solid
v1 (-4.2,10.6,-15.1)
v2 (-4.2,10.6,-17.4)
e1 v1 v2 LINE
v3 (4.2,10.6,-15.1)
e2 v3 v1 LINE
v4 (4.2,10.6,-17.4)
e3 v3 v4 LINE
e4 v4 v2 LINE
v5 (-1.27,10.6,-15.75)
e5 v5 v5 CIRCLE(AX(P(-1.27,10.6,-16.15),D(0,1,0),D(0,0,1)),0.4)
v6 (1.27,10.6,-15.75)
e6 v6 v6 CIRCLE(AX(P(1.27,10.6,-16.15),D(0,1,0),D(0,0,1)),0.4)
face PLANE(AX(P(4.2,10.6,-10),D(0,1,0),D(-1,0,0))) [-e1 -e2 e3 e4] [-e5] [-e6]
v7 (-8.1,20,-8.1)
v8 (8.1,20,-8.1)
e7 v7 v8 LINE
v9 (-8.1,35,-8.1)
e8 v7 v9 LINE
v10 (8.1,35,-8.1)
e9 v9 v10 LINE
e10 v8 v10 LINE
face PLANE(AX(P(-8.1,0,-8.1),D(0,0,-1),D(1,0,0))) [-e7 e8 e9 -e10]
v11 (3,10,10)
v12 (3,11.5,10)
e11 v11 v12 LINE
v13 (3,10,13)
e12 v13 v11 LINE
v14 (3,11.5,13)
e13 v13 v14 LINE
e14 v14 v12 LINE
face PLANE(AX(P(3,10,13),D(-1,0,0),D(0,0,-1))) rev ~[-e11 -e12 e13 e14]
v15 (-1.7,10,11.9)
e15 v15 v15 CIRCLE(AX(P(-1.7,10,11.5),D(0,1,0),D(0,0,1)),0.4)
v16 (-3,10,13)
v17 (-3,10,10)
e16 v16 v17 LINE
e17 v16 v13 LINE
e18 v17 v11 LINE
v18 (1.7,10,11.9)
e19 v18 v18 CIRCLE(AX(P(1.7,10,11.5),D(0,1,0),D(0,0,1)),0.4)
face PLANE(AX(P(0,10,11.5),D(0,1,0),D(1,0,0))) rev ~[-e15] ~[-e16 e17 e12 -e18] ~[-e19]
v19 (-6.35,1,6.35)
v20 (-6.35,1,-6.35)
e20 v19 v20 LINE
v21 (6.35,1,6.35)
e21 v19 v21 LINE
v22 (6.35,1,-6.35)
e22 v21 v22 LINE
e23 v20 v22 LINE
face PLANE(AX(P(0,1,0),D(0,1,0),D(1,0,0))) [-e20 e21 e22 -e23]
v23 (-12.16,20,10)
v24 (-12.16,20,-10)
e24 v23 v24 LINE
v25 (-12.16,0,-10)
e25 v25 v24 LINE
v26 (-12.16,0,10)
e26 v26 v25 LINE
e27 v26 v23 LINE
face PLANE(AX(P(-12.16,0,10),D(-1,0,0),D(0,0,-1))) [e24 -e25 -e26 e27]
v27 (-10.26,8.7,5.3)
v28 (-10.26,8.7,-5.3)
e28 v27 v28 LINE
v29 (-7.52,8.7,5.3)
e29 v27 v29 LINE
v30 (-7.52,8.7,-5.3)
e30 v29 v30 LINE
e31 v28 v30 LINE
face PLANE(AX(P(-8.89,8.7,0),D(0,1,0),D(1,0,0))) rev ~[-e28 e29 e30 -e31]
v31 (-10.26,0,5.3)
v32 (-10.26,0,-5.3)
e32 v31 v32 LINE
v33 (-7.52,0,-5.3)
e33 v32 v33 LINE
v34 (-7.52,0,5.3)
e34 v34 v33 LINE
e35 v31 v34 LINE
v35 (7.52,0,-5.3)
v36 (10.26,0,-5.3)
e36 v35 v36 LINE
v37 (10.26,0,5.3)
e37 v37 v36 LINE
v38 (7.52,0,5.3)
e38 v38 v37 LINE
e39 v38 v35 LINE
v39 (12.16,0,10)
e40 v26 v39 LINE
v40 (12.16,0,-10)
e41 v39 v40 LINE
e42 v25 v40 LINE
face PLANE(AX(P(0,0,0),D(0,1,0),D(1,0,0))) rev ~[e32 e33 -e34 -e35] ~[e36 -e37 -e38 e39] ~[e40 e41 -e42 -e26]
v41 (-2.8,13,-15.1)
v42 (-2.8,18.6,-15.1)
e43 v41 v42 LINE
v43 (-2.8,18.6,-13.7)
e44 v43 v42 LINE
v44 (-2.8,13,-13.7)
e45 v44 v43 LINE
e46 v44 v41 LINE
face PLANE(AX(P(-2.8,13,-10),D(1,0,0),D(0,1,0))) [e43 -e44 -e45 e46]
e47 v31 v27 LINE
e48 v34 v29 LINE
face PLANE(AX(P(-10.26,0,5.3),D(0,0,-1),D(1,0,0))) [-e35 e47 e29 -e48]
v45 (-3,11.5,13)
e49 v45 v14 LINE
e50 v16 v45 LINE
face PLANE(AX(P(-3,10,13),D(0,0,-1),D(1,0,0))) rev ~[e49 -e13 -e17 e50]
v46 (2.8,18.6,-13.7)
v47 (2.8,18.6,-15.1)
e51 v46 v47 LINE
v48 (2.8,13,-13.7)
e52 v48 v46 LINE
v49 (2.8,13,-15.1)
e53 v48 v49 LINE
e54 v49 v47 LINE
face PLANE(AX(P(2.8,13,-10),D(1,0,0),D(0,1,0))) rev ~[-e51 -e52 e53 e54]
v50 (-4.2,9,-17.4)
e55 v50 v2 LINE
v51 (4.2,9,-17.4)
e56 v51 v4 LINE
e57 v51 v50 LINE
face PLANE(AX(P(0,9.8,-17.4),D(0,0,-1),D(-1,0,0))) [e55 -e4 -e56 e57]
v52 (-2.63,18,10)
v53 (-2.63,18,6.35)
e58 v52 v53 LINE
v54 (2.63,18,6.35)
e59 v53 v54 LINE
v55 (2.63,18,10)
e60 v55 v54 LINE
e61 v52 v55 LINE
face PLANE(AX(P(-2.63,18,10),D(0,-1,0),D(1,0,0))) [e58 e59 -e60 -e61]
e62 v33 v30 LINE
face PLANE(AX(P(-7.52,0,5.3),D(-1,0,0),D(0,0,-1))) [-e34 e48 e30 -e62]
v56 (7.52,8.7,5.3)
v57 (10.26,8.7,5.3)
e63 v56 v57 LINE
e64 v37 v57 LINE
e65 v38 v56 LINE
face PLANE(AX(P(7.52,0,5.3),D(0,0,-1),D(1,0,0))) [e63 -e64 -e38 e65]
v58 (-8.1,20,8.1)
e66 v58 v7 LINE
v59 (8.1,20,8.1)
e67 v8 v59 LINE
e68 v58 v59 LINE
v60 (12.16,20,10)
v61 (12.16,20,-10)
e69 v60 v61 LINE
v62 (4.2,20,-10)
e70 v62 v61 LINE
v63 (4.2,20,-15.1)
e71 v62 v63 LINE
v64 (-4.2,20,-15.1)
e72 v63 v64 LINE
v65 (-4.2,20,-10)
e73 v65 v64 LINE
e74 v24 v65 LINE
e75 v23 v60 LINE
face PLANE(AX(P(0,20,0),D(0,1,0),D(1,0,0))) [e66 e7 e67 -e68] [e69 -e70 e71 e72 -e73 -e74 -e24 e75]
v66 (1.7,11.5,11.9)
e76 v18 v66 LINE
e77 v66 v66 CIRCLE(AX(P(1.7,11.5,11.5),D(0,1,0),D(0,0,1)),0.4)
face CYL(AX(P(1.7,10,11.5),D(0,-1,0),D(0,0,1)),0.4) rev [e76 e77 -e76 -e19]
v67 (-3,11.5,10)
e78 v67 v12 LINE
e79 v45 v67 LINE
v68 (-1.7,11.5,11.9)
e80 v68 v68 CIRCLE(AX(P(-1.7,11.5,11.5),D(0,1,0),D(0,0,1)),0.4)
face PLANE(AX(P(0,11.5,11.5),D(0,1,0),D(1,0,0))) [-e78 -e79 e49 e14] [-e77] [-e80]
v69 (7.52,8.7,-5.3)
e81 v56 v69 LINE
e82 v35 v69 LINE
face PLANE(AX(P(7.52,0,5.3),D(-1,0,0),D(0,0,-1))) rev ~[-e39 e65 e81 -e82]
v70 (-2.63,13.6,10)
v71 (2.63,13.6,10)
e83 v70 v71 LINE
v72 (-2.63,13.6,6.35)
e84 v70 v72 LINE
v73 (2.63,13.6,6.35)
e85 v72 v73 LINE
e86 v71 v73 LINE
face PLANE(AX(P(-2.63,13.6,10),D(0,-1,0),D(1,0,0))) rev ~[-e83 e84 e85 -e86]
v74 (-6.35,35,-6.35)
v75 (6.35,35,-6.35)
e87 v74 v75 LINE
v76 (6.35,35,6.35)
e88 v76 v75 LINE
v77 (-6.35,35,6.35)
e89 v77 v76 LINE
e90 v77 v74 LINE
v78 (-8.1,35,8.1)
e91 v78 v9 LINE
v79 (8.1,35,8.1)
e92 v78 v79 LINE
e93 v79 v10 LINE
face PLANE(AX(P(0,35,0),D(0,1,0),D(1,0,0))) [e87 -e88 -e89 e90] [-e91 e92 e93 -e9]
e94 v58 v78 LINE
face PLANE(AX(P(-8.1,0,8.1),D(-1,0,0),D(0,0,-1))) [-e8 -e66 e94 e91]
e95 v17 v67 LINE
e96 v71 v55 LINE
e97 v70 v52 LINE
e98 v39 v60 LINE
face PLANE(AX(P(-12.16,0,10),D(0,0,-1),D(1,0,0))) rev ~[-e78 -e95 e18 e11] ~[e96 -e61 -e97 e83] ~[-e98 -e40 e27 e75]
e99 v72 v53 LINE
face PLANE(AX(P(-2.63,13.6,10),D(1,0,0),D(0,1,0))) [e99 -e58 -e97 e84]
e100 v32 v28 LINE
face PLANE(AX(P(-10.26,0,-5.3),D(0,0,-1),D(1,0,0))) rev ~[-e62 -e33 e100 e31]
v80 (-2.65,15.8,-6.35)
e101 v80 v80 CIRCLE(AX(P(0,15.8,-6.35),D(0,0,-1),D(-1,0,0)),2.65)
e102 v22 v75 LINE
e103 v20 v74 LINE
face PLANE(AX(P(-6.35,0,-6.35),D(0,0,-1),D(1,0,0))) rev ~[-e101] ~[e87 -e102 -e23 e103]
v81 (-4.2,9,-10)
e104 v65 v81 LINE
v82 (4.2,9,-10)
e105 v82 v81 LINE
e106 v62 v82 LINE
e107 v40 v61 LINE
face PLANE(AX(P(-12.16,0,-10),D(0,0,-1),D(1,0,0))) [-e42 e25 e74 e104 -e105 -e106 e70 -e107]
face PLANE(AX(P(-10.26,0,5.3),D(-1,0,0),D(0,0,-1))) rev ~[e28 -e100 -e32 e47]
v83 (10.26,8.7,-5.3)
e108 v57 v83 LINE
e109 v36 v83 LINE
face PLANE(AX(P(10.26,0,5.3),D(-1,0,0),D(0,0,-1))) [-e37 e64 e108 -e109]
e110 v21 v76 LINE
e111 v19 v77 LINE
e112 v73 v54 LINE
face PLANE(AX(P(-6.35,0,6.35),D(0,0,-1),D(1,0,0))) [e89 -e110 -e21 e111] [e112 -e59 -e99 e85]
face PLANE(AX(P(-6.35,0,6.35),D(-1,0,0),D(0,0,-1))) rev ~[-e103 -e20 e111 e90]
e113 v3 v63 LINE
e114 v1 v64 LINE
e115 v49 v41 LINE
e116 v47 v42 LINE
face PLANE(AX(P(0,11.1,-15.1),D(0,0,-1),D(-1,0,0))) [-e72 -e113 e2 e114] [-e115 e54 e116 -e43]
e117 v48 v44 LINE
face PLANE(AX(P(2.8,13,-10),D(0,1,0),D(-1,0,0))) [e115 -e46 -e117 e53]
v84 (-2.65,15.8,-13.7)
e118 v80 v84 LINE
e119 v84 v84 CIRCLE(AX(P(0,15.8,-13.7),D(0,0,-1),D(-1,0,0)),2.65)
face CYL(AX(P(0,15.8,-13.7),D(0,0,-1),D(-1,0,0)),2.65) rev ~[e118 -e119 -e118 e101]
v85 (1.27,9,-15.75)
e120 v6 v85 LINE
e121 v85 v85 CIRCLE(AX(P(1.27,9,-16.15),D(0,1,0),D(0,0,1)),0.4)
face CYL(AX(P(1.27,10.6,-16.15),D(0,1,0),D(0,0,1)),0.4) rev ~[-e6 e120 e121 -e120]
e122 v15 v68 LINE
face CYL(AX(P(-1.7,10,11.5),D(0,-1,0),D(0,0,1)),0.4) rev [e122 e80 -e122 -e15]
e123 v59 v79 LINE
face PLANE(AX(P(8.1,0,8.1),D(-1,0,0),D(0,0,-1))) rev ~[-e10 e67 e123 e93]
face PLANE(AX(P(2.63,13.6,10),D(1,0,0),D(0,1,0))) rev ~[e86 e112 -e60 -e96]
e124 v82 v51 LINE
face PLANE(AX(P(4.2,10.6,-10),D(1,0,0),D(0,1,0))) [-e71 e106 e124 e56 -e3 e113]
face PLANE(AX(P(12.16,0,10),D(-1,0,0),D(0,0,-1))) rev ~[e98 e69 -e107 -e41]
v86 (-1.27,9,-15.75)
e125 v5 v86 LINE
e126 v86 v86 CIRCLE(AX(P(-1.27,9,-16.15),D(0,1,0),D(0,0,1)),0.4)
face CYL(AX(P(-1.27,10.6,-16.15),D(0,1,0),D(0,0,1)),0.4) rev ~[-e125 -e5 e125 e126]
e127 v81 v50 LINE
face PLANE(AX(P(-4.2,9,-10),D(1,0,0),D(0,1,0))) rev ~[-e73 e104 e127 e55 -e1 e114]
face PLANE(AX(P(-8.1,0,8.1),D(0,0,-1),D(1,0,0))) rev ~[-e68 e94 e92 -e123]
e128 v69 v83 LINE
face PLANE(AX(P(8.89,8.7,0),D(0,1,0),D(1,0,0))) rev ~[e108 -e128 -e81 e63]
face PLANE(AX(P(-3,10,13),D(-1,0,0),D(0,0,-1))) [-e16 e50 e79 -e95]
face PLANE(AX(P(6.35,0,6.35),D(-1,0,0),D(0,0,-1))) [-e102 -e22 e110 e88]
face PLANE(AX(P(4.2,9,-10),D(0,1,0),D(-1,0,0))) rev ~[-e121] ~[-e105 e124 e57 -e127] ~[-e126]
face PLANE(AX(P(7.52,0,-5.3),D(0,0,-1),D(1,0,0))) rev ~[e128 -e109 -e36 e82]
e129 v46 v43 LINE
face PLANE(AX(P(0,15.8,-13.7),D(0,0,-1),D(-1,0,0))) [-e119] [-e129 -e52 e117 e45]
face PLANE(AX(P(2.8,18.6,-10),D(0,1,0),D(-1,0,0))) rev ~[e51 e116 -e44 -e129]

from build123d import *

# Parameters (mm, degrees)
SKETCH_1_W          = 16.2
SKETCH_1_H          = 16.2
SKETCH_1_W_2        = 12.7
SKETCH_1_H_2        = 12.7
EXTRUDE_1_DEPTH     = 35
SKETCH_3_W          = 12.7
SKETCH_3_H          = 12.7
EXTRUDE_2_DEPTH     = 1
SKETCH_5_W          = 24.32
SKETCH_5_H          = 20
SKETCH_5_W_2        = 2.6
SKETCH_5_H_2        = 10.16
SKETCH_5_W_3        = 14.7
SKETCH_5_H_3        = 14.7
EXTRUDE_3_DEPTH     = 20
SKETCH_9_W          = 2.74
SKETCH_9_H          = 10.6
CUT_EXTRUDE_5_DEPTH = 8.7
CUT_EXTRUDE_6_REACH = 44.105
SKETCH_10_W         = 5.26
SKETCH_10_H         = 4.4
SKETCH_11_W         = 6
SKETCH_11_H         = 3
SKETCH_11_R         = 0.4
EXTRUDE_5_DEPTH     = 1.5
SKETCH_13_W         = 8.4
SKETCH_13_H         = 8.4
SKETCH_13_W_2       = 5.6
SKETCH_13_H_2       = 5.6
EXTRUDE_6_DEPTH     = 5.1
CUT_EXTRUDE_7_REACH = 45.61
SKETCH_15_R         = 2.65
SKETCH_16_W         = 8.4
SKETCH_16_H         = 1.6
EXTRUDE_7_DEPTH     = 7.4
CUT_EXTRUDE_8_REACH = 34.342
SKETCH_17_R         = 0.4
EXTRUDE_START       = 3.7
SKETCH_20_W         = 5.6
SKETCH_20_H         = 5.6
SKETCH_20_R         = 2.65
EXTRUDE_8_DEPTH     = 3.7
SKETCH_21_W         = 8.4
SKETCH_21_H         = 1
EXTRUDE_9_DEPTH     = 5.1


with BuildPart() as part:
    # 草圖1 → 填料-伸長1 (new body)
    with BuildSketch(Plane(origin=(0, 0, 0), x_dir=(1, 0, 0), z_dir=(0, 1, 0))):
        Rectangle(SKETCH_1_W, SKETCH_1_H)
        Rectangle(SKETCH_1_W_2, SKETCH_1_H_2, mode=Mode.SUBTRACT)
    extrude(amount=EXTRUDE_1_DEPTH)



with BuildPart() as body_2:
    # 草圖3 → 填料-伸長2 (new body)
    with BuildSketch(Plane(origin=(0, 0, 0), x_dir=(1, 0, 0), z_dir=(0, 1, 0))):
        Rectangle(SKETCH_3_W, SKETCH_3_H)
    extrude(amount=EXTRUDE_2_DEPTH)


with BuildPart() as part_1:
    add(part.part)

    add(body_2.part)  # 填料-伸長3 merges body 2
    # 草圖5 → 填料-伸長3 (add)
    # profile 1 of 3: a face of its own
    with BuildSketch(Plane(origin=(0, 0, 0), x_dir=(1, 0, 0), z_dir=(0, 1, 0))):
        Rectangle(SKETCH_5_W, SKETCH_5_H)
        with Locations((-9.16, 0)):
            Rectangle(SKETCH_5_W_2, SKETCH_5_H_2, mode=Mode.SUBTRACT)
        Rectangle(SKETCH_5_W_3, SKETCH_5_H_3, mode=Mode.SUBTRACT)
        with Locations((9.16, 0)):
            Rectangle(SKETCH_5_W_2, SKETCH_5_H_2, mode=Mode.SUBTRACT)
    # profile 2 of 3: a face of its own
    with BuildSketch(Plane(origin=(0, 0, 0), x_dir=(1, 0, 0), z_dir=(0, 1, 0))):
        with Locations((-9.16, 0)):
            Rectangle(SKETCH_5_W_2, SKETCH_5_H_2)
    # profile 3 of 3: a face of its own
    with BuildSketch(Plane(origin=(0, 0, 0), x_dir=(1, 0, 0), z_dir=(0, 1, 0))):
        with Locations((9.16, 0)):
            Rectangle(SKETCH_5_W_2, SKETCH_5_H_2)
    extrude(amount=EXTRUDE_3_DEPTH)

    # 草圖9 → 除料-伸長5 (cut)
    with BuildSketch(Plane(origin=(0, 0, 0), x_dir=(1, 0, 0), z_dir=(0, 1, 0))):
        with Locations((-8.89, 0)):
            Rectangle(SKETCH_9_W, SKETCH_9_H)
        with Locations((8.89, 0)):
            Rectangle(SKETCH_9_W, SKETCH_9_H)
    extrude(amount=CUT_EXTRUDE_5_DEPTH, mode=Mode.SUBTRACT)

    # 草圖10 → 除料-伸長6 (cut, up to next)
    with BuildSketch(Plane.XY.offset(10), mode=Mode.PRIVATE) as cut_extrude_6_sk1:
        with Locations((0, 15.8)):
            Rectangle(SKETCH_10_W, SKETCH_10_H)
    cut_extrude_6_tool1 = extrude(cut_extrude_6_sk1.sketch, amount=-CUT_EXTRUDE_6_REACH, mode=Mode.PRIVATE) & part_1.part
    add(cut_extrude_6_tool1.solids().sort_by_distance((0, 15.8, 10))[0], mode=Mode.SUBTRACT)

    # 草圖11 → 填料-伸長5 (add)
    with BuildSketch(Plane(origin=(0, 10, 0), x_dir=(1, 0, 0), z_dir=(0, 1, 0))):
        with Locations((0, -11.5)):
            Rectangle(SKETCH_11_W, SKETCH_11_H)
        with Locations(Location((-1.7, -11.5, 0), (0, 0, 270))):
            Circle(SKETCH_11_R, mode=Mode.SUBTRACT)
        with Locations(Location((1.7, -11.5, 0), (0, 0, 270))):
            Circle(SKETCH_11_R, mode=Mode.SUBTRACT)
    extrude(amount=EXTRUDE_5_DEPTH)

    # 草圖13 → 填料-伸長6 (add)
    with BuildSketch(Plane(origin=(0, 0, -10), x_dir=(-1, 0, 0), z_dir=(0, 0, -1))):
        with Locations((0, 15.8)):
            Rectangle(SKETCH_13_W, SKETCH_13_H)
        with Locations((0, 15.8)):
            Rectangle(SKETCH_13_W_2, SKETCH_13_H_2, mode=Mode.SUBTRACT)
    extrude(amount=EXTRUDE_6_DEPTH)

    # 草圖15 → 除料-伸長7 (cut, up to next)
    with BuildSketch(Plane(origin=(0, 0, -10), x_dir=(-1, 0, 0), z_dir=(0, 0, -1)), mode=Mode.PRIVATE) as cut_extrude_7_sk1:
        with Locations((0, 15.8)):
            Circle(SKETCH_15_R)
    cut_extrude_7_tool1 = extrude(cut_extrude_7_sk1.sketch, amount=-CUT_EXTRUDE_7_REACH, mode=Mode.PRIVATE) & part_1.part
    add(cut_extrude_7_tool1.solids().sort_by_distance((0, 15.8, -10))[0], mode=Mode.SUBTRACT)

    # 草圖16 → 填料-伸長7 (add)
    with BuildSketch(Plane(origin=(0, 0, -10), x_dir=(-1, 0, 0), z_dir=(0, 0, -1))):
        with Locations((0, 9.8)):
            Rectangle(SKETCH_16_W, SKETCH_16_H)
    extrude(amount=EXTRUDE_7_DEPTH)

    # 草圖17 → 除料-伸長8 (cut, up to next)
    with BuildSketch(Plane(origin=(0, 10.6, 0), x_dir=(1, 0, 0), z_dir=(0, 1, 0)), mode=Mode.PRIVATE) as cut_extrude_8_sk1:
        with Locations(Location((1.27, 16.15, 0), (0, 0, 270))):
            Circle(SKETCH_17_R)
    cut_extrude_8_tool1 = extrude(cut_extrude_8_sk1.sketch, amount=-CUT_EXTRUDE_8_REACH, mode=Mode.PRIVATE) & part_1.part
    # 草圖17 → 除料-伸長8 (cut, up to next)
    with BuildSketch(Plane(origin=(0, 10.6, 0), x_dir=(1, 0, 0), z_dir=(0, 1, 0)), mode=Mode.PRIVATE) as cut_extrude_8_sk2:
        with Locations(Location((-1.27, 16.15, 0), (0, 0, 270))):
            Circle(SKETCH_17_R)
    cut_extrude_8_tool2 = extrude(cut_extrude_8_sk2.sketch, amount=-CUT_EXTRUDE_8_REACH, mode=Mode.PRIVATE) & part_1.part
    add(cut_extrude_8_tool1.solids().sort_by_distance((1.27, 10.6, -16.15))[0], mode=Mode.SUBTRACT)
    add(cut_extrude_8_tool2.solids().sort_by_distance((-1.27, 10.6, -16.15))[0], mode=Mode.SUBTRACT)

    # 草圖20 → 填料-伸長8 (add)
    with BuildSketch(Plane(origin=(0, 0, -10), x_dir=(-1, 0, 0), z_dir=(0, 0, -1)).offset(EXTRUDE_START)):
        with Locations((0, 15.8)):
            Rectangle(SKETCH_20_W, SKETCH_20_H)
        with Locations((0, 15.8)):
            Circle(SKETCH_20_R, mode=Mode.SUBTRACT)
    extrude(amount=-EXTRUDE_8_DEPTH)

    # 草圖21 → 填料-伸長9 (add)
    with BuildSketch(Plane(origin=(0, 0, -10), x_dir=(-1, 0, 0), z_dir=(0, 0, -1))):
        with Locations((0, 11.1)):
            Rectangle(SKETCH_21_W, SKETCH_21_H)
    extrude(amount=EXTRUDE_9_DEPTH)


solid = part_1.part
